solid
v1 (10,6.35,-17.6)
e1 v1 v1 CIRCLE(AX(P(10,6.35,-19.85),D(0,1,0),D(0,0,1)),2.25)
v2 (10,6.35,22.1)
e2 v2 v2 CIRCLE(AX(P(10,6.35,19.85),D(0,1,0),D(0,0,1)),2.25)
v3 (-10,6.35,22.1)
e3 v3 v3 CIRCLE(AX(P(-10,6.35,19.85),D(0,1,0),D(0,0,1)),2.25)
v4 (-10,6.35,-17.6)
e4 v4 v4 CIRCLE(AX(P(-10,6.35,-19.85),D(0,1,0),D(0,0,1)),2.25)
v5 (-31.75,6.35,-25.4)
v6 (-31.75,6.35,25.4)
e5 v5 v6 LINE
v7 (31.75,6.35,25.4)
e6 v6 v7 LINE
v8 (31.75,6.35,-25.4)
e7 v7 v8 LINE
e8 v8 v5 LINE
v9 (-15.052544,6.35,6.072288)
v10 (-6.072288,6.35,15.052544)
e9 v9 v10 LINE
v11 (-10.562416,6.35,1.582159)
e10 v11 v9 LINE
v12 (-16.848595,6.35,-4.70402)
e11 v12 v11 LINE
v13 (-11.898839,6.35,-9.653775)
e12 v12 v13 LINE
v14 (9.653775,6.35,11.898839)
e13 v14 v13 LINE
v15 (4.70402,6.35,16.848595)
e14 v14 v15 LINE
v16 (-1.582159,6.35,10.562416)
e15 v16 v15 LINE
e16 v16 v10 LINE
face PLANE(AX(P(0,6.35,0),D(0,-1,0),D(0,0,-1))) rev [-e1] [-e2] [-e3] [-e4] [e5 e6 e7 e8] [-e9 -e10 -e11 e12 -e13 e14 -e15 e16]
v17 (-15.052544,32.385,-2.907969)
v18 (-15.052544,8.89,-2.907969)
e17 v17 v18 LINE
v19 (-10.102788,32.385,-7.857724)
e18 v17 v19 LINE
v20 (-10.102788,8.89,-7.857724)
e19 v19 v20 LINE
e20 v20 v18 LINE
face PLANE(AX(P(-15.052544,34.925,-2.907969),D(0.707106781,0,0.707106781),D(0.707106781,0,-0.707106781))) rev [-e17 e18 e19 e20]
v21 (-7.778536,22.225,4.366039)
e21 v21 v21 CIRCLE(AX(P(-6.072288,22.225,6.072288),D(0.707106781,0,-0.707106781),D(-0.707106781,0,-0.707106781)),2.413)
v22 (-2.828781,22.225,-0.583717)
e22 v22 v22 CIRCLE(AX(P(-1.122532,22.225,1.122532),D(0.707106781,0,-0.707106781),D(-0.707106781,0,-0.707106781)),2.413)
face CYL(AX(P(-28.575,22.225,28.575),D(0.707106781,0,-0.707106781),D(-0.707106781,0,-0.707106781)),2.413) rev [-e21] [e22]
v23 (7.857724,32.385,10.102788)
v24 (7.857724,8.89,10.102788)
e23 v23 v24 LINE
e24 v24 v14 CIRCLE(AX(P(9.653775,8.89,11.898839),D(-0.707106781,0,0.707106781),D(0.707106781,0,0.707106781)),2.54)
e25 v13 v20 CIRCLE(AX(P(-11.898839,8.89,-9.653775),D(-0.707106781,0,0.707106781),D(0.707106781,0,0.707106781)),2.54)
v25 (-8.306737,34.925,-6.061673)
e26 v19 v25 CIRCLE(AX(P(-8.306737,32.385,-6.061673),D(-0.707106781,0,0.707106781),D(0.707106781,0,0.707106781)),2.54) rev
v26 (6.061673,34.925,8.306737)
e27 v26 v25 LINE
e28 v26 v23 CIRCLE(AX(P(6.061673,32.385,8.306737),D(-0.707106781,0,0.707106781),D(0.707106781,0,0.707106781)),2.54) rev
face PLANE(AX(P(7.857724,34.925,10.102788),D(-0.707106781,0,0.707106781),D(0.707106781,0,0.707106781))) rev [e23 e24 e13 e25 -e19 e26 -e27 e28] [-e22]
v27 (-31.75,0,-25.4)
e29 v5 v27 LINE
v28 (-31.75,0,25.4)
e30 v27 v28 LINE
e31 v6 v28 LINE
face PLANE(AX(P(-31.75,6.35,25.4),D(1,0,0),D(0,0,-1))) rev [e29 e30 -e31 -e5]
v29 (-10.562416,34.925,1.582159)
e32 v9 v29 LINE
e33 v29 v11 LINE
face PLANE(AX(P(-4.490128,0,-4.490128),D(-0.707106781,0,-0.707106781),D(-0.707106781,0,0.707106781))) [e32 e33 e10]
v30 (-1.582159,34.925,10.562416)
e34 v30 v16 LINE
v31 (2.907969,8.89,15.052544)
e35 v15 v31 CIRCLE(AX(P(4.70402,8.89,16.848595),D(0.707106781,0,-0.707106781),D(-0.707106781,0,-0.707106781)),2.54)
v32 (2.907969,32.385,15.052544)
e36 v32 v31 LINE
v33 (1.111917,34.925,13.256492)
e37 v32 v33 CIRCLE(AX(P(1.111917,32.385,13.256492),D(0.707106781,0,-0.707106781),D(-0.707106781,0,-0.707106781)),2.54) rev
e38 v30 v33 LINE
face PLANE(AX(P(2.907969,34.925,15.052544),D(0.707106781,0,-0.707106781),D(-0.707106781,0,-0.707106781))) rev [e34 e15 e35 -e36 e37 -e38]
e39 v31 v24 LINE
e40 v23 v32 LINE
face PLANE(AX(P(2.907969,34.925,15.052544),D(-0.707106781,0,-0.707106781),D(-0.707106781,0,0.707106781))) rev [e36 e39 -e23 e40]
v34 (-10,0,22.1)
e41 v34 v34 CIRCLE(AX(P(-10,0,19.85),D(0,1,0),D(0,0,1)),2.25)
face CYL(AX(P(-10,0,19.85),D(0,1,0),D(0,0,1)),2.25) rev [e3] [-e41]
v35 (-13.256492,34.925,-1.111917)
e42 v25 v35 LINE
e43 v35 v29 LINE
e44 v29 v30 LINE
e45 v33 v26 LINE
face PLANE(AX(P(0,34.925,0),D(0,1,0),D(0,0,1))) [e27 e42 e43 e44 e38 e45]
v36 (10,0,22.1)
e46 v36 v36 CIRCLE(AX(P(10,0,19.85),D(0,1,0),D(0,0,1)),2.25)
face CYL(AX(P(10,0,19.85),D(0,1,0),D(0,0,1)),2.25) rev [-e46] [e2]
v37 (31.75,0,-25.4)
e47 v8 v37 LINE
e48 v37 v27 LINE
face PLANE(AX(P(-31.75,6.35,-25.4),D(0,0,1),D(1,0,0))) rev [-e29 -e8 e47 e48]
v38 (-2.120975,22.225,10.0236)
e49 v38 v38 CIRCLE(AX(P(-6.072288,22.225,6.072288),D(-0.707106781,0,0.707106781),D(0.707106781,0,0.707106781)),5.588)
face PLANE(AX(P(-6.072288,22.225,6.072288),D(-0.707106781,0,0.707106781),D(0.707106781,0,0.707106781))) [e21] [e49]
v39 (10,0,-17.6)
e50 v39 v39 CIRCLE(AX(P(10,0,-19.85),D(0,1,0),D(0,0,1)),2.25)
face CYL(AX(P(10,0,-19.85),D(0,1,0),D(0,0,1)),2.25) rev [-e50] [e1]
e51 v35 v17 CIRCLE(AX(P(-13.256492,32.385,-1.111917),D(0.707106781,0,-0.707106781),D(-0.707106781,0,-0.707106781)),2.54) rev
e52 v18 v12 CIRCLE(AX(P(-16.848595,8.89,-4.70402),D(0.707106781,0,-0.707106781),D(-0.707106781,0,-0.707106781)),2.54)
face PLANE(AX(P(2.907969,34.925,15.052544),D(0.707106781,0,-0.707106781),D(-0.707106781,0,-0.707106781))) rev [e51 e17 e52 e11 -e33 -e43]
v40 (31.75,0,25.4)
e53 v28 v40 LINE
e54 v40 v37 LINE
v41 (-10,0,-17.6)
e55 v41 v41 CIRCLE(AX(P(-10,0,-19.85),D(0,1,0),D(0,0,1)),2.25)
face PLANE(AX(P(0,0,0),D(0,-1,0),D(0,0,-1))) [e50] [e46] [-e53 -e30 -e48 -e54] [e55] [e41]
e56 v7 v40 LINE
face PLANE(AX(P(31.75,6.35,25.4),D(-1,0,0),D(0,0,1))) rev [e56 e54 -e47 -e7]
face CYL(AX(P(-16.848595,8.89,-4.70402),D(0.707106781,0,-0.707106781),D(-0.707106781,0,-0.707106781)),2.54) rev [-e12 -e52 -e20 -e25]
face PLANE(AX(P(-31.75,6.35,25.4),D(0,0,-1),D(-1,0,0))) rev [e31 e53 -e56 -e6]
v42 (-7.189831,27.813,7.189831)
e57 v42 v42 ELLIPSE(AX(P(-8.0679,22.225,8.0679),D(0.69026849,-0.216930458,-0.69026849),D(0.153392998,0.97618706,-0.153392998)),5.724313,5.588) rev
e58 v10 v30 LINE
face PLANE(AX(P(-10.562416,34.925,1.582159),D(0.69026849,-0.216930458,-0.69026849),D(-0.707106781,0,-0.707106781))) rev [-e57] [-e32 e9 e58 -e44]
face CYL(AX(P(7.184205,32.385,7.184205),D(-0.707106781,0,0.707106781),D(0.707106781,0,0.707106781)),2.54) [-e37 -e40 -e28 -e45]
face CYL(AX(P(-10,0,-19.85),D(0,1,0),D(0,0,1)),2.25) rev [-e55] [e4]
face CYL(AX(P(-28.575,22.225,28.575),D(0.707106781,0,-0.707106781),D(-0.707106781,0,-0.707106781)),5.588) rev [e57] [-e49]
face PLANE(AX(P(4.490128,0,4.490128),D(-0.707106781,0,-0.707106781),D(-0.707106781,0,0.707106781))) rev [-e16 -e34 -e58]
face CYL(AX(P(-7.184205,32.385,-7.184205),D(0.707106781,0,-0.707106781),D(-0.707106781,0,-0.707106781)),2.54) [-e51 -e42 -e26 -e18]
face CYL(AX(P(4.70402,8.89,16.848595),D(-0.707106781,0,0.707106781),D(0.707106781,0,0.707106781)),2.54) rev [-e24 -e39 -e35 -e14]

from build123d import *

# Parameters (mm, degrees)
SKETCH1_W           = 63.5
SKETCH1_H           = 50.8
BOSS_EXTRUDE1_DEPTH = 6.35
BOSS_EXTRUDE2_DEPTH = 28.575
SKETCH4_R           = 2.25
CUT_EXTRUDE2_DEPTH  = 7.35
FILLET1_R           = 2.54
SKETCH5_R           = 2.413
CUT_EXTRUDE3_DEPTH  = 39.823652545
BOSS_EXTRUDE3_DEPTH = 6.35
SKETCH7_R           = 5.588
CUT_EXTRUDE4_DEPTH  = 32.823641145


with BuildPart() as part:
    # Sketch1 → Boss-Extrude1 (new body)
    with BuildSketch(Plane(origin=(0, 0, 0), x_dir=(1, 0, 0), z_dir=(0, 1, 0))):
        Rectangle(SKETCH1_W, SKETCH1_H)
    extrude(amount=BOSS_EXTRUDE1_DEPTH)

    # Sketch2 → Boss-Extrude2 (add)
    with BuildSketch(Plane(origin=(0, 6.35, 0), x_dir=(1, 0, 0), z_dir=(0, 1, 0))):
        Polygon((2.907968577, -15.052543666), (-15.052543666, 2.907968577), (-10.102788136, 7.857724106), (7.857724106, -10.102788136), align=None)
    extrude(amount=BOSS_EXTRUDE2_DEPTH)

    # Sketch4 → Cut-Extrude2 (cut, through all)
    with BuildSketch(Plane(origin=(0, 6.35, 0), x_dir=(1, 0, 0), z_dir=(0, 1, 0))):
        with Locations((10, -19.85)):
            Circle(SKETCH4_R)
        with Locations((10, 19.85)):
            Circle(SKETCH4_R)
        with Locations((-10, 19.85)):
            Circle(SKETCH4_R)
        with Locations((-10, -19.85)):
            Circle(SKETCH4_R)
    extrude(amount=-CUT_EXTRUDE2_DEPTH, mode=Mode.SUBTRACT)

    # Fillet1
    fillet1_edges = [part.edges().sort_by_distance(p)[0] for p in [
        (5.382846341, 6.35, 12.577665901),
        (-12.577665901, 6.35, -5.382846341),
        (5.382846341, 34.925, 12.577665901),
        (-12.577665901, 34.925, -5.382846341),
    ]]
    fillet(fillet1_edges, radius=FILLET1_R)

    # Sketch5 → Cut-Extrude3 (cut, through all)
    with BuildSketch(Plane(origin=(-1.122532015, 0, 1.122532015), x_dir=(-0.707106781, 0, -0.707106781), z_dir=(0.707106781, 0, -0.707106781))):
        with Locations((0, 22.225)):
            Circle(SKETCH5_R)
    extrude(amount=-CUT_EXTRUDE3_DEPTH, mode=Mode.SUBTRACT)

    # Sketch6 → Boss-Extrude3 (add, symmetric)
    with BuildSketch(Plane(origin=(0, 0, 0), x_dir=(-0.707106781, 0, 0.707106781), z_dir=(-0.707106781, 0, -0.707106781))):
        Polygon((8.5875114, 34.925), (14.9375114, 6.35), (8.5875114, 6.35), align=None)
    extrude(amount=BOSS_EXTRUDE3_DEPTH, both=True)

    # Sketch7 → Cut-Extrude4 (cut, through all)
    with BuildSketch(Plane(origin=(-6.072287544, 0, 6.072287544), x_dir=(0.707106781, 0, 0.707106781), z_dir=(-0.707106781, 0, 0.707106781))):
        with Locations((0, 22.225)):
            Circle(SKETCH7_R)
    extrude(amount=CUT_EXTRUDE4_DEPTH, mode=Mode.SUBTRACT)


solid = part.part
